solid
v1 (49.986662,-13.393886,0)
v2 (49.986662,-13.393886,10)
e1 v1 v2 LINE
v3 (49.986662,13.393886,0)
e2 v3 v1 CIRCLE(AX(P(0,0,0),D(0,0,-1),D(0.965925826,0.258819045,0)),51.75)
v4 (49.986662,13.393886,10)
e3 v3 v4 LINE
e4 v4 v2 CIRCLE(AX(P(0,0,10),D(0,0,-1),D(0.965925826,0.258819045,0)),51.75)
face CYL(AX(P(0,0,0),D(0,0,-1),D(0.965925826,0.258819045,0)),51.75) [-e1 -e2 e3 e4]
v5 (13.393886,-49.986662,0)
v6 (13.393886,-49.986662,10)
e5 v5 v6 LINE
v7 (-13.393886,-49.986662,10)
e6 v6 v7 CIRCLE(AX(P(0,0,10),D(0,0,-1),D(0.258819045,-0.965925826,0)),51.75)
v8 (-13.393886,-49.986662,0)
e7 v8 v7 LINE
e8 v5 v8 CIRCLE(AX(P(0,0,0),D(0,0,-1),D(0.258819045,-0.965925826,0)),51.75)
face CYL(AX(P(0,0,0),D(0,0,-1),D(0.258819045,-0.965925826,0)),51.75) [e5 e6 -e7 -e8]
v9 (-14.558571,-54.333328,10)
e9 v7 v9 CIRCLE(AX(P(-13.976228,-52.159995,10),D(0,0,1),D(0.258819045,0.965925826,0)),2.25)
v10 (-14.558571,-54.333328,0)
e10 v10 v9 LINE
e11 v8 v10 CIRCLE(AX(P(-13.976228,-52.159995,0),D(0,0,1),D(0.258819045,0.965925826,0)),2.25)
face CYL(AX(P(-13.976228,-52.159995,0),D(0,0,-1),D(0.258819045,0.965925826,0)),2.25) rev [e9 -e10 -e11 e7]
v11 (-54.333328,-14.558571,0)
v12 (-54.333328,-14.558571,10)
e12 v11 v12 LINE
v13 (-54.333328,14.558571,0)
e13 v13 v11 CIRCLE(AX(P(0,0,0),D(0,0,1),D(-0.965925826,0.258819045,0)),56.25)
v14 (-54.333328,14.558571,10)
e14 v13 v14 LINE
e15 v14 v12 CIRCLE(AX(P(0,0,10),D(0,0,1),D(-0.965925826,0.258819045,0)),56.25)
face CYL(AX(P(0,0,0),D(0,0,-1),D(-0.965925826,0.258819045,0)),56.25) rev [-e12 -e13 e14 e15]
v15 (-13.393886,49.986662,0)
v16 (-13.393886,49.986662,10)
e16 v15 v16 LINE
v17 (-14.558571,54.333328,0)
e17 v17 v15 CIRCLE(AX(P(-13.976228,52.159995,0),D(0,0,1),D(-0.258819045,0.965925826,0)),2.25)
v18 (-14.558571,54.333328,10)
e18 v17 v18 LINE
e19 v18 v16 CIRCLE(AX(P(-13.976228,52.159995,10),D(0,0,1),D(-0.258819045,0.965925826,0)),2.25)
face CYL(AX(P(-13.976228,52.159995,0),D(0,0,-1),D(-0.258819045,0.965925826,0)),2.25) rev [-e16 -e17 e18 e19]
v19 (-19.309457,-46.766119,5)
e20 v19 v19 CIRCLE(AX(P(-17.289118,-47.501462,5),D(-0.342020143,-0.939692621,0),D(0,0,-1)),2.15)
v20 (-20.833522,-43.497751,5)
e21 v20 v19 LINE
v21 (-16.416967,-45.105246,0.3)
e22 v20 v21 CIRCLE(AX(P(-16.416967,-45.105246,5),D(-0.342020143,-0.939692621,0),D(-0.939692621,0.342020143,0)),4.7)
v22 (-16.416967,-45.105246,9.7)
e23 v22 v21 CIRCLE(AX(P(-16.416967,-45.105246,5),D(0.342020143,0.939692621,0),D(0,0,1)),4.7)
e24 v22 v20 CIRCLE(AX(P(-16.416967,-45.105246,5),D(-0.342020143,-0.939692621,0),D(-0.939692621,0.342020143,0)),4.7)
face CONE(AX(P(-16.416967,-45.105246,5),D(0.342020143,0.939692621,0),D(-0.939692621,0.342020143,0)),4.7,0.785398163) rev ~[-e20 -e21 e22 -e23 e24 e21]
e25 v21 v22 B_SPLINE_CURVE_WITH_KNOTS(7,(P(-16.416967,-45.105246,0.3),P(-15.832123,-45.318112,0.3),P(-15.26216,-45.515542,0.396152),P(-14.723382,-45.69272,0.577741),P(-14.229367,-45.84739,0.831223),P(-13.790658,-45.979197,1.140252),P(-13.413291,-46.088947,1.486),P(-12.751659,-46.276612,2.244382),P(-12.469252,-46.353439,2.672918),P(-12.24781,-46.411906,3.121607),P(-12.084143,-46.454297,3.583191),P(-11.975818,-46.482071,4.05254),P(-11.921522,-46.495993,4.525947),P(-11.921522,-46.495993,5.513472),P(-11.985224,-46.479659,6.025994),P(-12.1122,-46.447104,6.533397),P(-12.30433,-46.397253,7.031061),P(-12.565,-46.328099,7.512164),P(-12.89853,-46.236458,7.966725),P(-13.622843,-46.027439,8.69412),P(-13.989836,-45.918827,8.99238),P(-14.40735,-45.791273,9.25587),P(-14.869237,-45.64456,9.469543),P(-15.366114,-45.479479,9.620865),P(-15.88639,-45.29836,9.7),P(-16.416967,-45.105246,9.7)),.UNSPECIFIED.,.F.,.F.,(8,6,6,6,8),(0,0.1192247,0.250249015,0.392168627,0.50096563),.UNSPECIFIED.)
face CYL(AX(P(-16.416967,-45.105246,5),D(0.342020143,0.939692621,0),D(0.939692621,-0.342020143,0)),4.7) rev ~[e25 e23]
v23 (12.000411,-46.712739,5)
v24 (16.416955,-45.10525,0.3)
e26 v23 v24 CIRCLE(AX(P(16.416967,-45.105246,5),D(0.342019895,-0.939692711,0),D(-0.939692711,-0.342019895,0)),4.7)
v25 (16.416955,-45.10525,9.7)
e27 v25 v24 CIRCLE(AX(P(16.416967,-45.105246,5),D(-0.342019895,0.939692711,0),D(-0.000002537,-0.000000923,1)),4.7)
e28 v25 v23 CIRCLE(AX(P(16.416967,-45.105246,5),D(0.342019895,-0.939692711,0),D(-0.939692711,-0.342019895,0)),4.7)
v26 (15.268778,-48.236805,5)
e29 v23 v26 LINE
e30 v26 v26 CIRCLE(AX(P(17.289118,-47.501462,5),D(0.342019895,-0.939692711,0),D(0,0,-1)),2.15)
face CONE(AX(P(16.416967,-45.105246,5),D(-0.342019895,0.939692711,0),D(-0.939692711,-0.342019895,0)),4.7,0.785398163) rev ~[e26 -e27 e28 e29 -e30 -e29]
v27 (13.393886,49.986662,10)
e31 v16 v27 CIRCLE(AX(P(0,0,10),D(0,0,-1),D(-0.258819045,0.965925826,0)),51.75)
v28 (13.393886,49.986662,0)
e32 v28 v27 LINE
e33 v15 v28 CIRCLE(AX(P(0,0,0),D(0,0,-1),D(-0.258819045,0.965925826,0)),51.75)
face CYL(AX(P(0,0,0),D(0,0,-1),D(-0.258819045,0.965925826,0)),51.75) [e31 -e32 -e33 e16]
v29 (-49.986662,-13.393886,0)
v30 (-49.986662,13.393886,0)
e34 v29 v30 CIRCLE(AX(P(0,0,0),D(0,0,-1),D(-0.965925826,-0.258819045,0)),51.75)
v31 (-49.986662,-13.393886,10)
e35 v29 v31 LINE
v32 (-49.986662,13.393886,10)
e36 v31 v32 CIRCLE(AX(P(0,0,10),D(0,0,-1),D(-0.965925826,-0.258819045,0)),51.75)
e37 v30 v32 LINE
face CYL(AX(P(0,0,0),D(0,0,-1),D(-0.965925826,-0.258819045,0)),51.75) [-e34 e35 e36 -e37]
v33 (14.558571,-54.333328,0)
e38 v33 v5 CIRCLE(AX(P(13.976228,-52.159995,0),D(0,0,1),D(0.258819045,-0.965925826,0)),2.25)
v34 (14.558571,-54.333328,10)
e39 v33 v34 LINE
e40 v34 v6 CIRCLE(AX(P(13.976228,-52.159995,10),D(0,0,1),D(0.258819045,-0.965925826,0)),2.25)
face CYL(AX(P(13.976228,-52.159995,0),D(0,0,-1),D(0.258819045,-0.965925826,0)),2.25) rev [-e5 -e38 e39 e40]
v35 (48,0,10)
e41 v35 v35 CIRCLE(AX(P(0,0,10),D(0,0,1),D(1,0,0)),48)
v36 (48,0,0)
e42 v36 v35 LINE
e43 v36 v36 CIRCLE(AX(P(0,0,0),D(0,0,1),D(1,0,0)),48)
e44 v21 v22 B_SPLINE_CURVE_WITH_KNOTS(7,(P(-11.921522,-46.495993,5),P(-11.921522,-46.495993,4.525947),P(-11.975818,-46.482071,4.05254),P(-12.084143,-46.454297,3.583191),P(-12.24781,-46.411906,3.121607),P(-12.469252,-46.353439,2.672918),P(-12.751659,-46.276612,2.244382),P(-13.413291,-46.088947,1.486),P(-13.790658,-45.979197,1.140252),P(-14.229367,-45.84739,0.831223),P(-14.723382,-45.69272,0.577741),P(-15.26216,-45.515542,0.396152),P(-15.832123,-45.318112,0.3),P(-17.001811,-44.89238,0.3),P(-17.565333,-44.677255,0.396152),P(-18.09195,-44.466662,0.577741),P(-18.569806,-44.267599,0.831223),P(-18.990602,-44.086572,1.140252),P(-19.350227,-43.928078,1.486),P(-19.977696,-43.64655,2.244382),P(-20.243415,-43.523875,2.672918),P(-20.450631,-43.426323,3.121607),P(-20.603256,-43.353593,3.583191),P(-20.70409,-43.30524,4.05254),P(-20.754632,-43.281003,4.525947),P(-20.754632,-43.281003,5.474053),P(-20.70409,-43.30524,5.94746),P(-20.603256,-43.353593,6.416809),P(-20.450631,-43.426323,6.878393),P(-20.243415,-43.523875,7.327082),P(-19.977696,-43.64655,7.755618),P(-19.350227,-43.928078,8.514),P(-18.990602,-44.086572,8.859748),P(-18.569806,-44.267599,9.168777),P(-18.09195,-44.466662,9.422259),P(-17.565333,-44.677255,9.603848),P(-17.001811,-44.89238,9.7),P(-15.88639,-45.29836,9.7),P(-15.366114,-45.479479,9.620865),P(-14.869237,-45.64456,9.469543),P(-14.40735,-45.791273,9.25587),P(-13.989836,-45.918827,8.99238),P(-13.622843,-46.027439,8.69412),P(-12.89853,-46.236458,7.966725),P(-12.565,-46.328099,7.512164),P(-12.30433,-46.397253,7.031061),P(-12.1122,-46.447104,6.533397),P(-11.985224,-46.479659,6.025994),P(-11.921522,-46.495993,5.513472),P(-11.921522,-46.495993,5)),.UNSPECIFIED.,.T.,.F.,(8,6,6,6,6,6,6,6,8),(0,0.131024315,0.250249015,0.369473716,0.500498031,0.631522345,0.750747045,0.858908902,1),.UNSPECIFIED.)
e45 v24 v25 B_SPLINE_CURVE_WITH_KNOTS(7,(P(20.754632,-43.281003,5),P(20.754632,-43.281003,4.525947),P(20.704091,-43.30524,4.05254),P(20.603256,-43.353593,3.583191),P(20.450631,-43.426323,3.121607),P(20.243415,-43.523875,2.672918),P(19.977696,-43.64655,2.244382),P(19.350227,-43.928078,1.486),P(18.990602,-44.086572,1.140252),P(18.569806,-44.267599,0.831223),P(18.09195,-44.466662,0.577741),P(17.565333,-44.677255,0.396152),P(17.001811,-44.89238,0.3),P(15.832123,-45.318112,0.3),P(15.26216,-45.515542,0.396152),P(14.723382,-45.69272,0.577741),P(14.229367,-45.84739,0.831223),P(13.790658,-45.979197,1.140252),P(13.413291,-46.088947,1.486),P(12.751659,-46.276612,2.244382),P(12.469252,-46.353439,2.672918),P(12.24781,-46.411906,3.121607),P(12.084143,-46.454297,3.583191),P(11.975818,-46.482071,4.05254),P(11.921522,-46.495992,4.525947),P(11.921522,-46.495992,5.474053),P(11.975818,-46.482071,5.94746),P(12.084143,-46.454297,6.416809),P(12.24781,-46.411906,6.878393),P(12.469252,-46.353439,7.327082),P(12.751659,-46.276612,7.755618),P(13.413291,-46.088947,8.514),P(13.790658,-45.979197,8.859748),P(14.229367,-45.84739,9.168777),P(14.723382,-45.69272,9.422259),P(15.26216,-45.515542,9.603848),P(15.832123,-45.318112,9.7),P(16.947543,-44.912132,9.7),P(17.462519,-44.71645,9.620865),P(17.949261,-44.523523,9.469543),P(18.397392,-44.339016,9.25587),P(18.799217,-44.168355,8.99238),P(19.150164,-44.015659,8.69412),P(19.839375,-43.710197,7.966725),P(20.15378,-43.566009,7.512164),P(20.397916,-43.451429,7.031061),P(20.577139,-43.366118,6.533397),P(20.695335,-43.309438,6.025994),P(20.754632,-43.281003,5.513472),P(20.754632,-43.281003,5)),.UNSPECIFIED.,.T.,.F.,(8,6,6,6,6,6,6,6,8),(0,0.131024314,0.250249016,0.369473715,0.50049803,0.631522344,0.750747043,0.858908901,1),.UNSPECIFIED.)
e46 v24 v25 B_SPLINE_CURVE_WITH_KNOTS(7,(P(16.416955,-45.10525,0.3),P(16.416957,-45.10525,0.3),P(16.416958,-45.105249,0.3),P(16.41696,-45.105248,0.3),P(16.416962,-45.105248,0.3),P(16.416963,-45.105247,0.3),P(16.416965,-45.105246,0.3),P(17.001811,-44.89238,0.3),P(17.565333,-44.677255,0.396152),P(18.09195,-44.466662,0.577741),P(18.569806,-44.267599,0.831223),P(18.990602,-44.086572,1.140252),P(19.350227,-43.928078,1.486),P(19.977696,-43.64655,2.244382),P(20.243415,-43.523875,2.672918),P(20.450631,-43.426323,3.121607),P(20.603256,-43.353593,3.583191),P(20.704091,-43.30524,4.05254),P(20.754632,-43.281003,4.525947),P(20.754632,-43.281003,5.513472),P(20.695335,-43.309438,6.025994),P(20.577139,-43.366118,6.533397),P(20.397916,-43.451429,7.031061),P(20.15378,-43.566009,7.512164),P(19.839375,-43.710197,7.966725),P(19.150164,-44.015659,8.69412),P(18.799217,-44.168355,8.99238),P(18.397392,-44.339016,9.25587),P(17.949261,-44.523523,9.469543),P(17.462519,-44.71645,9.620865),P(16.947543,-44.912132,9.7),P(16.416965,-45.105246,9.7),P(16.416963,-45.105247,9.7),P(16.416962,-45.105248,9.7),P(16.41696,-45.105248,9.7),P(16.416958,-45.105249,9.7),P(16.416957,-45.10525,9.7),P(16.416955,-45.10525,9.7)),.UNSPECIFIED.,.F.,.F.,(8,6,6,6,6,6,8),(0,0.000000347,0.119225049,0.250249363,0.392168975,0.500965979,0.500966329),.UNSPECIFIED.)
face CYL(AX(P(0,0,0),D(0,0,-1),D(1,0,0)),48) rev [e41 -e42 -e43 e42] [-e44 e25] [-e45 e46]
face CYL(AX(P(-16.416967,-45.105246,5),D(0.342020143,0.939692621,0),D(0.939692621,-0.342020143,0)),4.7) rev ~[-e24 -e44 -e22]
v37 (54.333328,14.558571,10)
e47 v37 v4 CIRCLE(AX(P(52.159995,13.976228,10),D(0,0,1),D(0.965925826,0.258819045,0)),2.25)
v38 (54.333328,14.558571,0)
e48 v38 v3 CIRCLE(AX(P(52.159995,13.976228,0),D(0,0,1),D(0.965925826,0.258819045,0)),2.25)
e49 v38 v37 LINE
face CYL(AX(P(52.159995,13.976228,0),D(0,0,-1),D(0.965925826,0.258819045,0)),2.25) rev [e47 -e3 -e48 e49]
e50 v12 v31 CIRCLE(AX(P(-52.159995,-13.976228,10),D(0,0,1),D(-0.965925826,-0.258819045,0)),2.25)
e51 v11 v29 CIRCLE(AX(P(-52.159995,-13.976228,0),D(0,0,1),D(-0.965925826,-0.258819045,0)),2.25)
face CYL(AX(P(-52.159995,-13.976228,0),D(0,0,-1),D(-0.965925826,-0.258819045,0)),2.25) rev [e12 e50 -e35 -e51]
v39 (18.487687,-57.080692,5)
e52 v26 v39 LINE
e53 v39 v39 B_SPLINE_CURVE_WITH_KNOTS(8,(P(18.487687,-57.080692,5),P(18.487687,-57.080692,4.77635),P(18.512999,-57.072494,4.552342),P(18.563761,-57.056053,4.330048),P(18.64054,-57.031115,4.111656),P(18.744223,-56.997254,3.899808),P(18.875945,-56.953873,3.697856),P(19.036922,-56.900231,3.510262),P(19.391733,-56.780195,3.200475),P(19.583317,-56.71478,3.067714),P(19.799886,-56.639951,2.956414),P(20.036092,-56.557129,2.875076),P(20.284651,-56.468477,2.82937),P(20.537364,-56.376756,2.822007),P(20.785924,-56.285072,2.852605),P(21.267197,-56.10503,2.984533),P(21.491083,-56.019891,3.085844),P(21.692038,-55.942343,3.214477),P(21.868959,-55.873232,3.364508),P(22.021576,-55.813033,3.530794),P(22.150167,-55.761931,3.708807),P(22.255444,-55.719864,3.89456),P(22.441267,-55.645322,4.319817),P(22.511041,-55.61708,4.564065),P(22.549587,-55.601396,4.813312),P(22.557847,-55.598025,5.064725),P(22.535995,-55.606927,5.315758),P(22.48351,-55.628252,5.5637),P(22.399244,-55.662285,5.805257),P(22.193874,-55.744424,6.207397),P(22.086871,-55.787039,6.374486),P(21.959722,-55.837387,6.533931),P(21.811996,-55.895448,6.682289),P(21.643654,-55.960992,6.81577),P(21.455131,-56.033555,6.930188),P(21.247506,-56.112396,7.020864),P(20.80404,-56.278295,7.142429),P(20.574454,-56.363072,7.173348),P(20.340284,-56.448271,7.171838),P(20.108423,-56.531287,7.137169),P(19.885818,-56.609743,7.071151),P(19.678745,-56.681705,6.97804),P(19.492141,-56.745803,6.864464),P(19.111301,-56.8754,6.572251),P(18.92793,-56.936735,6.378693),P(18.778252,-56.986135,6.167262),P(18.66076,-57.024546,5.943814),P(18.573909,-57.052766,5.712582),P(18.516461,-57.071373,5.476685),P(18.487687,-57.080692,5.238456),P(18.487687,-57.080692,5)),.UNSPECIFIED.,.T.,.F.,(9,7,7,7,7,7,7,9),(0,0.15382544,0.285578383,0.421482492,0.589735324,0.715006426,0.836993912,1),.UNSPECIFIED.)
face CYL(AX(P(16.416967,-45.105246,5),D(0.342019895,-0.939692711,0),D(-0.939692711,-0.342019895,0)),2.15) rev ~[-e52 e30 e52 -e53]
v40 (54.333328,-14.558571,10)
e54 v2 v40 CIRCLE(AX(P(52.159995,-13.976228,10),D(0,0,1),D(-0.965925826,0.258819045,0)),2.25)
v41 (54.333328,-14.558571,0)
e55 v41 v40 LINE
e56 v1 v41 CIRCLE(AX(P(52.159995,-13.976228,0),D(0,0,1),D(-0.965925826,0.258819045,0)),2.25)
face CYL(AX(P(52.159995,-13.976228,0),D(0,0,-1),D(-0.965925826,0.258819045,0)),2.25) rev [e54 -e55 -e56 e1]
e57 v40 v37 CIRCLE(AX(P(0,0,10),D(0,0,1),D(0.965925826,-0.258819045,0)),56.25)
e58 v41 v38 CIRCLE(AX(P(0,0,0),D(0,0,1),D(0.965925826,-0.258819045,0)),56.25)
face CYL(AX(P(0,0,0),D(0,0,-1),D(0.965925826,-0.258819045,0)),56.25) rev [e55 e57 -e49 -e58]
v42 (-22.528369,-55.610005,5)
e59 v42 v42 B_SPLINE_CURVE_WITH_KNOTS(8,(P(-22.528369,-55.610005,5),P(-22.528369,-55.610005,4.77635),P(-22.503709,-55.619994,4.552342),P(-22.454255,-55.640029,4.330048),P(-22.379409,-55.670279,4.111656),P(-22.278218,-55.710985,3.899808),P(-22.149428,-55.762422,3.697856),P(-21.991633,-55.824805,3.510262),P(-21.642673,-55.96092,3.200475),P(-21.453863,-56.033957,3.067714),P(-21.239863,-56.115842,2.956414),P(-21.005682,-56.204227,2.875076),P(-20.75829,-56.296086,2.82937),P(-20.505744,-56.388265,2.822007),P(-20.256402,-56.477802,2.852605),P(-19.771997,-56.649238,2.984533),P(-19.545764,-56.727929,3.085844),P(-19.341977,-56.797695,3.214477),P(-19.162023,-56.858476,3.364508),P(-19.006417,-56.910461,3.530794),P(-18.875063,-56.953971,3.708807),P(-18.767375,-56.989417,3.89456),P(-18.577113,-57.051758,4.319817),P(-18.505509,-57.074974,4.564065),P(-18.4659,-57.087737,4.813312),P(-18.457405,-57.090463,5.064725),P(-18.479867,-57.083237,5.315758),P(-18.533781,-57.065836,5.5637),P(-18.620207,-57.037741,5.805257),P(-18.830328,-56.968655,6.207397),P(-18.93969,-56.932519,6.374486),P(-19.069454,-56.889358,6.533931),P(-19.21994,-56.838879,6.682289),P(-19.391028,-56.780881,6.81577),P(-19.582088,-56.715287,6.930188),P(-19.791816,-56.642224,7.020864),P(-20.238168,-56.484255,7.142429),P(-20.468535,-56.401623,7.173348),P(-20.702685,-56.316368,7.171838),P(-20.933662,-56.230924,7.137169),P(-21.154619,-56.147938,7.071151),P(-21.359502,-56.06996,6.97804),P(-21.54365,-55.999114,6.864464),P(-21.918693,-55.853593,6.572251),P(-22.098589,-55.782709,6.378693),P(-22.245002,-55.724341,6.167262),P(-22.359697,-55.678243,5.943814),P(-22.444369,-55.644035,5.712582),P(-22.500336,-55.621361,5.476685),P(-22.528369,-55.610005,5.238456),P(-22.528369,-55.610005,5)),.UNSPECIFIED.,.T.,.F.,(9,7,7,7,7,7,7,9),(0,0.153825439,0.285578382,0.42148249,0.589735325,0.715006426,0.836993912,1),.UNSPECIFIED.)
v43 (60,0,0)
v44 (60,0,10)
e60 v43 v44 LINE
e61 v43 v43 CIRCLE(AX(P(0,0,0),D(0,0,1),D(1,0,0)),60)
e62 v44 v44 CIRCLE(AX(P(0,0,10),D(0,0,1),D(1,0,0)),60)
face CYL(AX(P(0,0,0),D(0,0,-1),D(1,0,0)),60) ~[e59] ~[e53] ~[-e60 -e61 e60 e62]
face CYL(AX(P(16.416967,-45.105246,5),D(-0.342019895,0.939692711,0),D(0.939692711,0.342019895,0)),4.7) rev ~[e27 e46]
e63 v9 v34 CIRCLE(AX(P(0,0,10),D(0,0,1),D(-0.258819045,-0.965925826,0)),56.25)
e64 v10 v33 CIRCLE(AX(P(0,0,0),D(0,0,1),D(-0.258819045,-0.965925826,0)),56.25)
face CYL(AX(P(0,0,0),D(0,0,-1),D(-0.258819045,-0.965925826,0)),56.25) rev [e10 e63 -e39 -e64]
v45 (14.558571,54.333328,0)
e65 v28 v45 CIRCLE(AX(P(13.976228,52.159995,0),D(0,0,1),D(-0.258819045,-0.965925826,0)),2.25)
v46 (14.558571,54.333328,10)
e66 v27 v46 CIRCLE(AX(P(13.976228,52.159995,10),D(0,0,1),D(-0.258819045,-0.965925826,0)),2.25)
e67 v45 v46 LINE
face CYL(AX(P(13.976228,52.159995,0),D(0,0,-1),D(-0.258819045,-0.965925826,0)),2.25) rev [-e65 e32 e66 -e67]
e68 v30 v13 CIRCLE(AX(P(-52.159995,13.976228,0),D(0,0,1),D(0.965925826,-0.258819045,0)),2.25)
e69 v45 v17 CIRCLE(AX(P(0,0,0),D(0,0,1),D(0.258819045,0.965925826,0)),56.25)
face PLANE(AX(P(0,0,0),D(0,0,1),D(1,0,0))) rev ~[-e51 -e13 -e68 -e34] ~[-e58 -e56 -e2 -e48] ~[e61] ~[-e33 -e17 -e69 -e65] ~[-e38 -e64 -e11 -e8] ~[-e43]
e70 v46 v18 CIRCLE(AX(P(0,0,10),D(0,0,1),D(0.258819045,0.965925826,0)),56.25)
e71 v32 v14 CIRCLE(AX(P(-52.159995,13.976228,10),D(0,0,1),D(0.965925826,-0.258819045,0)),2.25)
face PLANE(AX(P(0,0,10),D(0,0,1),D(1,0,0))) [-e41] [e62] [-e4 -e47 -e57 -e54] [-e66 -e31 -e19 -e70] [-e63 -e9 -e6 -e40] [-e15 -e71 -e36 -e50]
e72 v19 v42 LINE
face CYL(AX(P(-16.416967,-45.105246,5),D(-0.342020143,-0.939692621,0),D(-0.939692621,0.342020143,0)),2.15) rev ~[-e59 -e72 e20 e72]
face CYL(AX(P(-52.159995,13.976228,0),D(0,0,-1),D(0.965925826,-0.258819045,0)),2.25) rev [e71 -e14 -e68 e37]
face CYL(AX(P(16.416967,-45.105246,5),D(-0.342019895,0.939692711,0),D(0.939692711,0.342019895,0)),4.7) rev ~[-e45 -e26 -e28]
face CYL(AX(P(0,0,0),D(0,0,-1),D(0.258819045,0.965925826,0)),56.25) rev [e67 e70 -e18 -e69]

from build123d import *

# Parameters (mm, degrees)
SCHIZZO2_R                                       = 60
SCHIZZO2_R_2                                     = 48
ESTRUSIONE_ESTRUSIONE1_DEPTH                     = 10
FORO_SVASATO_PER_VITE_M4_1_D                     = 4.3
FORO_SVASATO_PER_VITE_M4_1_DEPTH                 = 28.902765847
FORO_SVASATO_PER_VITE_M4_1_CSINK_D               = 9.4
FORO_SVASATO_PER_VITE_M4_1_CSINK_ANGLE           = 90
FORO_SVASATO_PER_VITE_M4_1_ON_FACE_2_D           = 4.3
FORO_SVASATO_PER_VITE_M4_1_ON_FACE_2_DEPTH       = 28.902765847
FORO_SVASATO_PER_VITE_M4_1_ON_FACE_2_CSINK_D     = 9.4
FORO_SVASATO_PER_VITE_M4_1_ON_FACE_2_CSINK_ANGLE = 90


with BuildPart() as part:
    # Schizzo2 → Estrusione-Estrusione1 (new body)
    with BuildSketch(Plane.XY):
        Circle(SCHIZZO2_R)
        Circle(SCHIZZO2_R_2, mode=Mode.SUBTRACT)
        with BuildLine():
            ThreePointArc((-54.333327729, 14.558571287), (-56.25, 0), (-54.333327729, -14.558571287))
            ThreePointArc((-54.333327729, -14.558571287), (-51.577651768, -16.149561545), (-49.98666151, -13.393885584))
            ThreePointArc((-49.98666151, -13.393885584), (-51.75, 0), (-49.98666151, 13.393885584))
            ThreePointArc((-49.98666151, 13.393885584), (-51.577651768, 16.149561545), (-54.333327729, 14.558571287))
        make_face(mode=Mode.SUBTRACT)
        with BuildLine():
            ThreePointArc((-13.393885584, -49.98666151), (-16.149561545, -51.577651768), (-14.558571287, -54.333327729))
            ThreePointArc((-14.558571287, -54.333327729), (0, -56.25), (14.558571287, -54.333327729))
            ThreePointArc((14.558571287, -54.333327729), (16.149561545, -51.577651768), (13.393885584, -49.98666151))
            ThreePointArc((13.393885584, -49.98666151), (0, -51.75), (-13.393885584, -49.98666151))
        make_face(mode=Mode.SUBTRACT)
        with BuildLine():
            ThreePointArc((13.393885584, 49.98666151), (16.149561545, 51.577651768), (14.558571287, 54.333327729))
            ThreePointArc((14.558571287, 54.333327729), (0, 56.25), (-14.558571287, 54.333327729))
            ThreePointArc((-14.558571287, 54.333327729), (-16.149561545, 51.577651768), (-13.393885584, 49.98666151))
            ThreePointArc((-13.393885584, 49.98666151), (0, 51.75), (13.393885584, 49.98666151))
        make_face(mode=Mode.SUBTRACT)
        with BuildLine():
            ThreePointArc((54.333327729, 14.558571287), (51.577651768, 16.149561545), (49.98666151, 13.393885584))
            ThreePointArc((49.98666151, 13.393885584), (51.75, 0), (49.98666151, -13.393885584))
            ThreePointArc((49.98666151, -13.393885584), (51.577651768, -16.149561545), (54.333327729, -14.558571287))
            ThreePointArc((54.333327729, -14.558571287), (56.25, 0), (54.333327729, 14.558571287))
        make_face(mode=Mode.SUBTRACT)
    extrude(amount=ESTRUSIONE_ESTRUSIONE1_DEPTH)

    # Foro svasato per Vite M4-1
    with Locations(Plane(origin=(-16.41696688, -45.105245798, 5), x_dir=(0.939692620786, -0.342020143326, 0), z_dir=(0.342020143326, 0.939692620786, 0))):
        with Locations((0, 0)):
            CounterSinkHole(FORO_SVASATO_PER_VITE_M4_1_D / 2, FORO_SVASATO_PER_VITE_M4_1_CSINK_D / 2, depth=FORO_SVASATO_PER_VITE_M4_1_DEPTH, counter_sink_angle=FORO_SVASATO_PER_VITE_M4_1_CSINK_ANGLE)

    # Foro svasato per Vite M4-1 on face 2
    with Locations(Plane(origin=(16.41696688, -45.105245798, 5), x_dir=(0.939692711209, 0.342019894889, 0), z_dir=(-0.342019894889, 0.939692711209, 0))):
        with Locations((0, 0)):
            CounterSinkHole(FORO_SVASATO_PER_VITE_M4_1_ON_FACE_2_D / 2, FORO_SVASATO_PER_VITE_M4_1_ON_FACE_2_CSINK_D / 2, depth=FORO_SVASATO_PER_VITE_M4_1_ON_FACE_2_DEPTH, counter_sink_angle=FORO_SVASATO_PER_VITE_M4_1_ON_FACE_2_CSINK_ANGLE)


solid = part.part
